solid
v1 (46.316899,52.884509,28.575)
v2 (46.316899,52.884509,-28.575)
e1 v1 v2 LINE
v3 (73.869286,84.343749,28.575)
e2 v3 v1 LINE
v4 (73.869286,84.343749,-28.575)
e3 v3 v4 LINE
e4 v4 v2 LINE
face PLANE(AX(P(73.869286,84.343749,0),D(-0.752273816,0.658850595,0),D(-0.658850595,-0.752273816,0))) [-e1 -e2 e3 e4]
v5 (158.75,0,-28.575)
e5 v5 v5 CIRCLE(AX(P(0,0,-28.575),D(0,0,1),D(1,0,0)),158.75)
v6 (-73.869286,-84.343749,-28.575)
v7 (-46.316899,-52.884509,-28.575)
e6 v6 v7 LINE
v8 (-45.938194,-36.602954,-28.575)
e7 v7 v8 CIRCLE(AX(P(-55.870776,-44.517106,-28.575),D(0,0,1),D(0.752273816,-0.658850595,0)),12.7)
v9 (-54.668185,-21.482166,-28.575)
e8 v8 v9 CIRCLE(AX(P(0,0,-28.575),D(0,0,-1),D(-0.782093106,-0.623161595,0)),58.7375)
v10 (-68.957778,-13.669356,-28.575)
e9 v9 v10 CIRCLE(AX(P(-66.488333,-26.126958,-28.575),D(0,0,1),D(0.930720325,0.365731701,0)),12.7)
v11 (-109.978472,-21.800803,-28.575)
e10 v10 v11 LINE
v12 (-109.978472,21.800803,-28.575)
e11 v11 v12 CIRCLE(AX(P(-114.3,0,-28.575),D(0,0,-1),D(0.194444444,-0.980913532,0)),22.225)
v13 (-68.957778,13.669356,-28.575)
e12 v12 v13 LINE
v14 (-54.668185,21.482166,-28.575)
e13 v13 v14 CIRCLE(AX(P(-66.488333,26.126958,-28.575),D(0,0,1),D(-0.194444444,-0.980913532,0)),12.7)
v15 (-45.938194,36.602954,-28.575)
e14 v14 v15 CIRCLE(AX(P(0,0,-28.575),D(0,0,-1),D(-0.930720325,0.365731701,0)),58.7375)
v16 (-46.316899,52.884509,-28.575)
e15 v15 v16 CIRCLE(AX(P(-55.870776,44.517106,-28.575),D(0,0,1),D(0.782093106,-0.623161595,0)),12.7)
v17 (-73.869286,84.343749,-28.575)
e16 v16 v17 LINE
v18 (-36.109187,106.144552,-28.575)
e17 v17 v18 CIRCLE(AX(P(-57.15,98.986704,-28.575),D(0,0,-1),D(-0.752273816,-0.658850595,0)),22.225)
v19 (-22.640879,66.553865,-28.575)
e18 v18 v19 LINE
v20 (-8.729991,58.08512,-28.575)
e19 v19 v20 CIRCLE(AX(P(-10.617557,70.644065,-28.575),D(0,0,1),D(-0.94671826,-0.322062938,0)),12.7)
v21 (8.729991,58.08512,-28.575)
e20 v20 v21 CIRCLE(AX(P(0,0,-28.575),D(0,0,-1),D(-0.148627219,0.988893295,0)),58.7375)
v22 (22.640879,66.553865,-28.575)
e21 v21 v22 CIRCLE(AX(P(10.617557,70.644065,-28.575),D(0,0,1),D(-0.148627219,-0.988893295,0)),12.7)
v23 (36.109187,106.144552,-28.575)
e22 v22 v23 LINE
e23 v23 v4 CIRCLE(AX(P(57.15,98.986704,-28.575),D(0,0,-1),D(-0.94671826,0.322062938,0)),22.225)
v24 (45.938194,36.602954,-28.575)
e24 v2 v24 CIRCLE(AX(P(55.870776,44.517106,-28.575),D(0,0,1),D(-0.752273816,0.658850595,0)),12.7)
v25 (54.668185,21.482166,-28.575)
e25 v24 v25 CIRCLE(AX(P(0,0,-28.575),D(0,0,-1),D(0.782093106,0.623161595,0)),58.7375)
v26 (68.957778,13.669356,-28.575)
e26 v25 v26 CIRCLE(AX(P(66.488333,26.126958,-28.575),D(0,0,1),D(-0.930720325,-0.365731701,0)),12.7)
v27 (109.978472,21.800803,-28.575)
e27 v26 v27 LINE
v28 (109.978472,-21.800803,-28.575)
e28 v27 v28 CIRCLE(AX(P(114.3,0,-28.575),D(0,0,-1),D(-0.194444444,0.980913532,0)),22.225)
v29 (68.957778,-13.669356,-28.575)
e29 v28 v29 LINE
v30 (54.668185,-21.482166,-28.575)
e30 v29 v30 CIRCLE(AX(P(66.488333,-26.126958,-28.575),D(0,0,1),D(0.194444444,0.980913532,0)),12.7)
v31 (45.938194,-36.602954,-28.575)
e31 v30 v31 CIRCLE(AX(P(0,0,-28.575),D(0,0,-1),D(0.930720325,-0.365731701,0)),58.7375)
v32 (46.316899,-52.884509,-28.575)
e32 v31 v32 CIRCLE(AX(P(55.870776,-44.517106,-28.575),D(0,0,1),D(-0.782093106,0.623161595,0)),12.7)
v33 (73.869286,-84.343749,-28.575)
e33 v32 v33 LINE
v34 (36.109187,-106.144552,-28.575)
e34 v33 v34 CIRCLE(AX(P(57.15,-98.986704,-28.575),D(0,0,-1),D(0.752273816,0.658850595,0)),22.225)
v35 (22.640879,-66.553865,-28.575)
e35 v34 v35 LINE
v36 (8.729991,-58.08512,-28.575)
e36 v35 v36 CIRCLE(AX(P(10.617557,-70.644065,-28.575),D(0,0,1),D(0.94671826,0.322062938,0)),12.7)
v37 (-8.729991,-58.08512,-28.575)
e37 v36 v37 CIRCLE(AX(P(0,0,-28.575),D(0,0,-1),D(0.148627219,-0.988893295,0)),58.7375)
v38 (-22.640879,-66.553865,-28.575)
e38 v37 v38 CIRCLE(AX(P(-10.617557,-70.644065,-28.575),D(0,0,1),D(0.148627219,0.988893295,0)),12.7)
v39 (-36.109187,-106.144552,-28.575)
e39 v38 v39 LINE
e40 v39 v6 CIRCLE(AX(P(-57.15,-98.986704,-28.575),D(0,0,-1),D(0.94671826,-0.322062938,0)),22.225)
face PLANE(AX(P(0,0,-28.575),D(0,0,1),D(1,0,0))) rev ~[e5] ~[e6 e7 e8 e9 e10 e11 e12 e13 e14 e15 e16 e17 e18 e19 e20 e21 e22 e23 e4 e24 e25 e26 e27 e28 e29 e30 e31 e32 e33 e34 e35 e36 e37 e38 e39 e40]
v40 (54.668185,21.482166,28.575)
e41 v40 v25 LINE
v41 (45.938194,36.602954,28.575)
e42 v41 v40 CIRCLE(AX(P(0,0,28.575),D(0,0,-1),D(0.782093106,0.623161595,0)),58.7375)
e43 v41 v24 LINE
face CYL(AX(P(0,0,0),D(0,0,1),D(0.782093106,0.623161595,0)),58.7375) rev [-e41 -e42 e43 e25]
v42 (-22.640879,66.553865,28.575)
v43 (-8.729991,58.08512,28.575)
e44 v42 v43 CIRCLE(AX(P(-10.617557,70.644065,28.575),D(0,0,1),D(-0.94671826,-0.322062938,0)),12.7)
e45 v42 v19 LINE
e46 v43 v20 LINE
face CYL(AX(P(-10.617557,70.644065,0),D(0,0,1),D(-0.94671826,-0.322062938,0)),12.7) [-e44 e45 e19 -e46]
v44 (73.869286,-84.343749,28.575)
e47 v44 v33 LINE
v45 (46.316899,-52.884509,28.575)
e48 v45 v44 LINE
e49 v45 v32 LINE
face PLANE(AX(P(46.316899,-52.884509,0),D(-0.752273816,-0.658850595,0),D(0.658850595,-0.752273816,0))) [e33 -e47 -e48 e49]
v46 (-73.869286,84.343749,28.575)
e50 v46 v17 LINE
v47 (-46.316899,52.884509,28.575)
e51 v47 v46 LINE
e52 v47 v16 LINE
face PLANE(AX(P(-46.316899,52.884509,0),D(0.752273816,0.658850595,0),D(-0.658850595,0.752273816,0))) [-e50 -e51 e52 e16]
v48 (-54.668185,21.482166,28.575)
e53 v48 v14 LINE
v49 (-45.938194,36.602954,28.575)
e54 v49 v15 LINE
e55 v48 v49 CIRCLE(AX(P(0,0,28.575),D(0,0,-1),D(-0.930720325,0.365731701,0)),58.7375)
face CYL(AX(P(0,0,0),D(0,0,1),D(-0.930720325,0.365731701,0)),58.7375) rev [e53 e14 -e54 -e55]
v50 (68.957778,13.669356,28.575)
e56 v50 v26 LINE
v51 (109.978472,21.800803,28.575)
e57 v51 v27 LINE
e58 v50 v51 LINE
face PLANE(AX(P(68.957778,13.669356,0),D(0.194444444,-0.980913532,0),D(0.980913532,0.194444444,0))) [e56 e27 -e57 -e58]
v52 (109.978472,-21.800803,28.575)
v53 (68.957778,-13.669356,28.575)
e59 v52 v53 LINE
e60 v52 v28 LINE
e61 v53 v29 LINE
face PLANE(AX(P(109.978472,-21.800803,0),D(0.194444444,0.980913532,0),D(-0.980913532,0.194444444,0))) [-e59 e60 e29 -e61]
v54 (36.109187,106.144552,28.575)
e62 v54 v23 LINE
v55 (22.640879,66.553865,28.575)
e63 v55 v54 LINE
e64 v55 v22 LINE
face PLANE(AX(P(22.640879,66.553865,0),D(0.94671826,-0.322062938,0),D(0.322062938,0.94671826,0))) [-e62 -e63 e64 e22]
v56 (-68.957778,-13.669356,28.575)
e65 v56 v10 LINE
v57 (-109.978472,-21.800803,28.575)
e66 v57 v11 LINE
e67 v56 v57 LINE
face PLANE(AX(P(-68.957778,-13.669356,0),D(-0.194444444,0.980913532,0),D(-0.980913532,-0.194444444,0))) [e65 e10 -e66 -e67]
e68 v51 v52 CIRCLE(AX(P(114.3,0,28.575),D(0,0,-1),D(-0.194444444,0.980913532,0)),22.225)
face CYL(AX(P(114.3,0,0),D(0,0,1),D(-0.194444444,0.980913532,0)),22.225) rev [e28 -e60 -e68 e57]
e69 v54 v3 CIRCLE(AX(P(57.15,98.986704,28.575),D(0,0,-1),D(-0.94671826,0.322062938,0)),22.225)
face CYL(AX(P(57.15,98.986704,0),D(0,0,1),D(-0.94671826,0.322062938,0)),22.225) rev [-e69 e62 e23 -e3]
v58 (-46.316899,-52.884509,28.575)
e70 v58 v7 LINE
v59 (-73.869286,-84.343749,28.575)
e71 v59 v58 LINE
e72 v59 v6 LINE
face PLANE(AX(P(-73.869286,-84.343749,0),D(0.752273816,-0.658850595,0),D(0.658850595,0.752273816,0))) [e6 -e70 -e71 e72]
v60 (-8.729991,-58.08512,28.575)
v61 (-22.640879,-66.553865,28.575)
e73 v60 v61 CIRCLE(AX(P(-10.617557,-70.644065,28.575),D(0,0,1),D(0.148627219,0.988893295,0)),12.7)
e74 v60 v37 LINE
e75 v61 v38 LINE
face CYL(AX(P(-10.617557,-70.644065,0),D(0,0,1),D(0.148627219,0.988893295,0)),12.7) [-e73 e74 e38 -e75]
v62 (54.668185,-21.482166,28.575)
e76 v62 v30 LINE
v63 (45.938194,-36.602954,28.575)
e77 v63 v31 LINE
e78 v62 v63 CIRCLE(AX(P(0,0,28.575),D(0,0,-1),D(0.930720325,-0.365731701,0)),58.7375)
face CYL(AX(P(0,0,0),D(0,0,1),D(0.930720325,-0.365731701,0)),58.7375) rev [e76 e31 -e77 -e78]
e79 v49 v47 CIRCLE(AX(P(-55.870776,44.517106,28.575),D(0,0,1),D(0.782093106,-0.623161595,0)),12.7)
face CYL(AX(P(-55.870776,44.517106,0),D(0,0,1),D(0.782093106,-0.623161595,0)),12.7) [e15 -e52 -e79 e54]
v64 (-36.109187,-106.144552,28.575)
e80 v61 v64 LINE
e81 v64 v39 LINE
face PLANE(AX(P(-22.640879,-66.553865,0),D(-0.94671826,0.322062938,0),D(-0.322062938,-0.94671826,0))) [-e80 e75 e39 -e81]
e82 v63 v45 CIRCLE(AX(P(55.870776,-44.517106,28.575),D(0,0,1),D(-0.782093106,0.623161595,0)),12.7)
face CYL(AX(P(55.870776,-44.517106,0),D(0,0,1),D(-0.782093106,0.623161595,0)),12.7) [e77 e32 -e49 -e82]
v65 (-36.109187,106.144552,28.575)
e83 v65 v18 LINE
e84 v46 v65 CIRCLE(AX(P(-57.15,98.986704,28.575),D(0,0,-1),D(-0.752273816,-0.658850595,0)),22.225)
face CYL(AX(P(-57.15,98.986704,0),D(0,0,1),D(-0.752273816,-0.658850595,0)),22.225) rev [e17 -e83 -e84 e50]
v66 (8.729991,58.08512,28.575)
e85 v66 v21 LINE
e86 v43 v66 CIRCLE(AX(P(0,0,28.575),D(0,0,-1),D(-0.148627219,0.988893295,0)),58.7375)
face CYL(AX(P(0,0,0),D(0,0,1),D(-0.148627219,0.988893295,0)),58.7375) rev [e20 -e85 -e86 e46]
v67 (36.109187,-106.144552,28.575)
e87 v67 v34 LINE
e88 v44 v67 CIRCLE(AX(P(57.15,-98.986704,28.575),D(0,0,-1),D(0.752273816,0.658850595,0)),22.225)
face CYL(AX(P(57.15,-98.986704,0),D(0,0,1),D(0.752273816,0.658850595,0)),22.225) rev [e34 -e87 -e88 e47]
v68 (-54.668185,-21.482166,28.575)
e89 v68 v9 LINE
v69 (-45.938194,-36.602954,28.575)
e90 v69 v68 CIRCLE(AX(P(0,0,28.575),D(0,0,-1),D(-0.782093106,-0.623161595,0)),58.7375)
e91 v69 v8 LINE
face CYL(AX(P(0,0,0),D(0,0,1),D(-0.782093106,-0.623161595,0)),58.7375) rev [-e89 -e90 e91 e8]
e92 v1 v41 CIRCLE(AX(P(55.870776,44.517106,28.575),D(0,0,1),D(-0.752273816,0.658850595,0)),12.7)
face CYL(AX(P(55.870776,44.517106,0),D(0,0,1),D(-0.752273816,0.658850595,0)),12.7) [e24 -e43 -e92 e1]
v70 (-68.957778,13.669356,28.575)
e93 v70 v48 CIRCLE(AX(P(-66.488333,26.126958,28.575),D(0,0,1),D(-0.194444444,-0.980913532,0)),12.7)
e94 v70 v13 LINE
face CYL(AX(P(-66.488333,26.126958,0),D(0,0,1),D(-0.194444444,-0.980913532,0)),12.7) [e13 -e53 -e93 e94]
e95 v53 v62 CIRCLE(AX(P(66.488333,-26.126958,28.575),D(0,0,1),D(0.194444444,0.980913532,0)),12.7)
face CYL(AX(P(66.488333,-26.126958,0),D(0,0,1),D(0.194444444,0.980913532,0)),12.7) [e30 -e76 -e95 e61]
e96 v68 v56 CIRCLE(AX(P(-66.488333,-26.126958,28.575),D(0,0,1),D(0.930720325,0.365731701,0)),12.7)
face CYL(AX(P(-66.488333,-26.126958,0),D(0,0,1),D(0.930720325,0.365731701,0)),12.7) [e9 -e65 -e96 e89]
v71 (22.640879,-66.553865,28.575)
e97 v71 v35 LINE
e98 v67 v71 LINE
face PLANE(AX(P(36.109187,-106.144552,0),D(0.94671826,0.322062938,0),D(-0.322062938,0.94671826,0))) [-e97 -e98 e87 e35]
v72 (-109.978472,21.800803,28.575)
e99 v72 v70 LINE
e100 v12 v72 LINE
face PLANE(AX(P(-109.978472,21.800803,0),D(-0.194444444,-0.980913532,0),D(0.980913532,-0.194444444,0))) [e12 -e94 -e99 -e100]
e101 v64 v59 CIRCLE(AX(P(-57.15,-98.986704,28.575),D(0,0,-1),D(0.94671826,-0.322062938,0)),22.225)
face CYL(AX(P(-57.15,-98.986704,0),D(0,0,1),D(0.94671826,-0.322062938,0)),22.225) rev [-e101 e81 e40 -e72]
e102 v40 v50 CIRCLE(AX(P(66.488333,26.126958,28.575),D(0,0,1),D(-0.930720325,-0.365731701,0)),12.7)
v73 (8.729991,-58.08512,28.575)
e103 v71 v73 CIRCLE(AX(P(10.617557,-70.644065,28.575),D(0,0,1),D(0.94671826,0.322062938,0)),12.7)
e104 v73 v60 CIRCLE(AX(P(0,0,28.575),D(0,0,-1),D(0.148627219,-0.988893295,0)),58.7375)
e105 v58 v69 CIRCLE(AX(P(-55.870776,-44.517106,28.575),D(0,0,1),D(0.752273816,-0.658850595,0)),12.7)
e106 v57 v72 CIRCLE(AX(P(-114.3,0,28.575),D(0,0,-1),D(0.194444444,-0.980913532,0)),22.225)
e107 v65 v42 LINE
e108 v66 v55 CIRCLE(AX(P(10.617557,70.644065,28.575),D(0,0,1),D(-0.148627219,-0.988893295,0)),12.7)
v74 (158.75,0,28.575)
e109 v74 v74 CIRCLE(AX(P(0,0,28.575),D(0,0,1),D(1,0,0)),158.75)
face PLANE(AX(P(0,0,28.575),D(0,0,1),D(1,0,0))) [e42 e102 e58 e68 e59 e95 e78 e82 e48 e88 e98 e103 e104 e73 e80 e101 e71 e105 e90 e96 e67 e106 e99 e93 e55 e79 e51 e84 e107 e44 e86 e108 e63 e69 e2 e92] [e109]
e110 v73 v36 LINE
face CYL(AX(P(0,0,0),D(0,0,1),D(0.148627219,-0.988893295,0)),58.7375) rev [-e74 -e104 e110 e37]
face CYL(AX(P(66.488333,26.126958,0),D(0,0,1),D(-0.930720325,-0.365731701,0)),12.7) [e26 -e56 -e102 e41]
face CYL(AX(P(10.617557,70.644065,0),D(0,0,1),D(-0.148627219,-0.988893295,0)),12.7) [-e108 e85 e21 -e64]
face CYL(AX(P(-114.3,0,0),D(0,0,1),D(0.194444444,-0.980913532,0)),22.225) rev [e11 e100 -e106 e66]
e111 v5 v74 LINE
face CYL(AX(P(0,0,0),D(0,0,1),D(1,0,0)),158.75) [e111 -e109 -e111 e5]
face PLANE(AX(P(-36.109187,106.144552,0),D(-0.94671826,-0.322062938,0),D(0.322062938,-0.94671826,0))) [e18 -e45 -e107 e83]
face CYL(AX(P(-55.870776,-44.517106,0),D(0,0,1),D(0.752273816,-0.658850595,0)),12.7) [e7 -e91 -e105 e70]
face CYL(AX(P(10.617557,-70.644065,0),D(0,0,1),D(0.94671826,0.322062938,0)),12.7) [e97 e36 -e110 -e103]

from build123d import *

# Parameters (mm, degrees)
SKETCH1_R           = 158.75
BOSS_EXTRUDE1_DEPTH = 28.575


with BuildPart() as part:
    # Sketch1 → Boss-Extrude1 (new, symmetric)
    with BuildSketch(Plane(origin=(0, 0, 0), x_dir=(0, 1, 0), z_dir=(0, 0, 1))):
        with Locations(Location((0, 0, 0), (0, 0, 270))):
            Circle(SKETCH1_R)
        with BuildLine():
            Line((21.800803257, 109.978472222), (13.669356496, 68.957777656))
            ThreePointArc((13.669356496, 68.957777656), (14.983750202, 60.395804017), (21.482165761, 54.668185085))
            ThreePointArc((21.482165761, 54.668185085), (29.36875, 50.868167155), (36.602954182, 45.93819382))
            ThreePointArc((36.602954182, 45.93819382), (44.81242546, 43.174210327), (52.88450899, 46.316898807))
            Line((52.88450899, 46.316898807), (84.343749185, 73.869285555))
            ThreePointArc((84.343749185, 73.869285555), (118.234118252, 68.2625), (106.144552443, 36.109186667))
            Line((106.144552443, 36.109186667), (66.553865487, 22.640878849))
            ThreePointArc((66.553865487, 22.640878849), (59.796175661, 17.22159369), (58.085119943, 8.729991265))
            ThreePointArc((58.085119943, 8.729991265), (58.7375, 0), (58.085119943, -8.729991265))
            ThreePointArc((58.085119943, -8.729991265), (59.796175661, -17.22159369), (66.553865487, -22.640878849))
            Line((66.553865487, -22.640878849), (106.144552443, -36.109186667))
            ThreePointArc((106.144552443, -36.109186667), (118.234118252, -68.2625), (84.343749185, -73.869285555))
            Line((84.343749185, -73.869285555), (52.88450899, -46.316898807))
            ThreePointArc((52.88450899, -46.316898807), (44.81242546, -43.174210327), (36.602954182, -45.93819382))
            ThreePointArc((36.602954182, -45.93819382), (29.36875, -50.868167155), (21.482165761, -54.668185085))
            ThreePointArc((21.482165761, -54.668185085), (14.983750202, -60.395804017), (13.669356496, -68.957777656))
            Line((13.669356496, -68.957777656), (21.800803257, -109.978472222))
            ThreePointArc((21.800803257, -109.978472222), (0, -136.525), (-21.800803257, -109.978472222))
            Line((-21.800803257, -109.978472222), (-13.669356496, -68.957777656))
            ThreePointArc((-13.669356496, -68.957777656), (-14.983750202, -60.395804017), (-21.482165761, -54.668185085))
            ThreePointArc((-21.482165761, -54.668185085), (-29.36875, -50.868167155), (-36.602954182, -45.93819382))
            ThreePointArc((-36.602954182, -45.93819382), (-44.81242546, -43.174210327), (-52.88450899, -46.316898807))
            Line((-52.88450899, -46.316898807), (-84.343749185, -73.869285555))
            ThreePointArc((-84.343749185, -73.869285555), (-118.234118252, -68.2625), (-106.144552443, -36.109186667))
            Line((-106.144552443, -36.109186667), (-66.553865487, -22.640878849))
            ThreePointArc((-66.553865487, -22.640878849), (-59.796175661, -17.22159369), (-58.085119943, -8.729991265))
            ThreePointArc((-58.085119943, -8.729991265), (-58.7375, 0), (-58.085119943, 8.729991265))
            ThreePointArc((-58.085119943, 8.729991265), (-59.796175661, 17.22159369), (-66.553865487, 22.640878849))
            Line((-66.553865487, 22.640878849), (-106.144552443, 36.109186667))
            ThreePointArc((-106.144552443, 36.109186667), (-118.234118252, 68.2625), (-84.343749185, 73.869285555))
            Line((-84.343749185, 73.869285555), (-52.88450899, 46.316898807))
            ThreePointArc((-52.88450899, 46.316898807), (-44.81242546, 43.174210327), (-36.602954182, 45.93819382))
            ThreePointArc((-36.602954182, 45.93819382), (-29.36875, 50.868167155), (-21.482165761, 54.668185085))
            ThreePointArc((-21.482165761, 54.668185085), (-14.983750202, 60.395804017), (-13.669356496, 68.957777656))
            Line((-13.669356496, 68.957777656), (-21.800803257, 109.978472222))
            ThreePointArc((-21.800803257, 109.978472222), (0, 136.525), (21.800803257, 109.978472222))
        make_face(mode=Mode.SUBTRACT)
    extrude(amount=BOSS_EXTRUDE1_DEPTH, both=True)


solid = part.part
